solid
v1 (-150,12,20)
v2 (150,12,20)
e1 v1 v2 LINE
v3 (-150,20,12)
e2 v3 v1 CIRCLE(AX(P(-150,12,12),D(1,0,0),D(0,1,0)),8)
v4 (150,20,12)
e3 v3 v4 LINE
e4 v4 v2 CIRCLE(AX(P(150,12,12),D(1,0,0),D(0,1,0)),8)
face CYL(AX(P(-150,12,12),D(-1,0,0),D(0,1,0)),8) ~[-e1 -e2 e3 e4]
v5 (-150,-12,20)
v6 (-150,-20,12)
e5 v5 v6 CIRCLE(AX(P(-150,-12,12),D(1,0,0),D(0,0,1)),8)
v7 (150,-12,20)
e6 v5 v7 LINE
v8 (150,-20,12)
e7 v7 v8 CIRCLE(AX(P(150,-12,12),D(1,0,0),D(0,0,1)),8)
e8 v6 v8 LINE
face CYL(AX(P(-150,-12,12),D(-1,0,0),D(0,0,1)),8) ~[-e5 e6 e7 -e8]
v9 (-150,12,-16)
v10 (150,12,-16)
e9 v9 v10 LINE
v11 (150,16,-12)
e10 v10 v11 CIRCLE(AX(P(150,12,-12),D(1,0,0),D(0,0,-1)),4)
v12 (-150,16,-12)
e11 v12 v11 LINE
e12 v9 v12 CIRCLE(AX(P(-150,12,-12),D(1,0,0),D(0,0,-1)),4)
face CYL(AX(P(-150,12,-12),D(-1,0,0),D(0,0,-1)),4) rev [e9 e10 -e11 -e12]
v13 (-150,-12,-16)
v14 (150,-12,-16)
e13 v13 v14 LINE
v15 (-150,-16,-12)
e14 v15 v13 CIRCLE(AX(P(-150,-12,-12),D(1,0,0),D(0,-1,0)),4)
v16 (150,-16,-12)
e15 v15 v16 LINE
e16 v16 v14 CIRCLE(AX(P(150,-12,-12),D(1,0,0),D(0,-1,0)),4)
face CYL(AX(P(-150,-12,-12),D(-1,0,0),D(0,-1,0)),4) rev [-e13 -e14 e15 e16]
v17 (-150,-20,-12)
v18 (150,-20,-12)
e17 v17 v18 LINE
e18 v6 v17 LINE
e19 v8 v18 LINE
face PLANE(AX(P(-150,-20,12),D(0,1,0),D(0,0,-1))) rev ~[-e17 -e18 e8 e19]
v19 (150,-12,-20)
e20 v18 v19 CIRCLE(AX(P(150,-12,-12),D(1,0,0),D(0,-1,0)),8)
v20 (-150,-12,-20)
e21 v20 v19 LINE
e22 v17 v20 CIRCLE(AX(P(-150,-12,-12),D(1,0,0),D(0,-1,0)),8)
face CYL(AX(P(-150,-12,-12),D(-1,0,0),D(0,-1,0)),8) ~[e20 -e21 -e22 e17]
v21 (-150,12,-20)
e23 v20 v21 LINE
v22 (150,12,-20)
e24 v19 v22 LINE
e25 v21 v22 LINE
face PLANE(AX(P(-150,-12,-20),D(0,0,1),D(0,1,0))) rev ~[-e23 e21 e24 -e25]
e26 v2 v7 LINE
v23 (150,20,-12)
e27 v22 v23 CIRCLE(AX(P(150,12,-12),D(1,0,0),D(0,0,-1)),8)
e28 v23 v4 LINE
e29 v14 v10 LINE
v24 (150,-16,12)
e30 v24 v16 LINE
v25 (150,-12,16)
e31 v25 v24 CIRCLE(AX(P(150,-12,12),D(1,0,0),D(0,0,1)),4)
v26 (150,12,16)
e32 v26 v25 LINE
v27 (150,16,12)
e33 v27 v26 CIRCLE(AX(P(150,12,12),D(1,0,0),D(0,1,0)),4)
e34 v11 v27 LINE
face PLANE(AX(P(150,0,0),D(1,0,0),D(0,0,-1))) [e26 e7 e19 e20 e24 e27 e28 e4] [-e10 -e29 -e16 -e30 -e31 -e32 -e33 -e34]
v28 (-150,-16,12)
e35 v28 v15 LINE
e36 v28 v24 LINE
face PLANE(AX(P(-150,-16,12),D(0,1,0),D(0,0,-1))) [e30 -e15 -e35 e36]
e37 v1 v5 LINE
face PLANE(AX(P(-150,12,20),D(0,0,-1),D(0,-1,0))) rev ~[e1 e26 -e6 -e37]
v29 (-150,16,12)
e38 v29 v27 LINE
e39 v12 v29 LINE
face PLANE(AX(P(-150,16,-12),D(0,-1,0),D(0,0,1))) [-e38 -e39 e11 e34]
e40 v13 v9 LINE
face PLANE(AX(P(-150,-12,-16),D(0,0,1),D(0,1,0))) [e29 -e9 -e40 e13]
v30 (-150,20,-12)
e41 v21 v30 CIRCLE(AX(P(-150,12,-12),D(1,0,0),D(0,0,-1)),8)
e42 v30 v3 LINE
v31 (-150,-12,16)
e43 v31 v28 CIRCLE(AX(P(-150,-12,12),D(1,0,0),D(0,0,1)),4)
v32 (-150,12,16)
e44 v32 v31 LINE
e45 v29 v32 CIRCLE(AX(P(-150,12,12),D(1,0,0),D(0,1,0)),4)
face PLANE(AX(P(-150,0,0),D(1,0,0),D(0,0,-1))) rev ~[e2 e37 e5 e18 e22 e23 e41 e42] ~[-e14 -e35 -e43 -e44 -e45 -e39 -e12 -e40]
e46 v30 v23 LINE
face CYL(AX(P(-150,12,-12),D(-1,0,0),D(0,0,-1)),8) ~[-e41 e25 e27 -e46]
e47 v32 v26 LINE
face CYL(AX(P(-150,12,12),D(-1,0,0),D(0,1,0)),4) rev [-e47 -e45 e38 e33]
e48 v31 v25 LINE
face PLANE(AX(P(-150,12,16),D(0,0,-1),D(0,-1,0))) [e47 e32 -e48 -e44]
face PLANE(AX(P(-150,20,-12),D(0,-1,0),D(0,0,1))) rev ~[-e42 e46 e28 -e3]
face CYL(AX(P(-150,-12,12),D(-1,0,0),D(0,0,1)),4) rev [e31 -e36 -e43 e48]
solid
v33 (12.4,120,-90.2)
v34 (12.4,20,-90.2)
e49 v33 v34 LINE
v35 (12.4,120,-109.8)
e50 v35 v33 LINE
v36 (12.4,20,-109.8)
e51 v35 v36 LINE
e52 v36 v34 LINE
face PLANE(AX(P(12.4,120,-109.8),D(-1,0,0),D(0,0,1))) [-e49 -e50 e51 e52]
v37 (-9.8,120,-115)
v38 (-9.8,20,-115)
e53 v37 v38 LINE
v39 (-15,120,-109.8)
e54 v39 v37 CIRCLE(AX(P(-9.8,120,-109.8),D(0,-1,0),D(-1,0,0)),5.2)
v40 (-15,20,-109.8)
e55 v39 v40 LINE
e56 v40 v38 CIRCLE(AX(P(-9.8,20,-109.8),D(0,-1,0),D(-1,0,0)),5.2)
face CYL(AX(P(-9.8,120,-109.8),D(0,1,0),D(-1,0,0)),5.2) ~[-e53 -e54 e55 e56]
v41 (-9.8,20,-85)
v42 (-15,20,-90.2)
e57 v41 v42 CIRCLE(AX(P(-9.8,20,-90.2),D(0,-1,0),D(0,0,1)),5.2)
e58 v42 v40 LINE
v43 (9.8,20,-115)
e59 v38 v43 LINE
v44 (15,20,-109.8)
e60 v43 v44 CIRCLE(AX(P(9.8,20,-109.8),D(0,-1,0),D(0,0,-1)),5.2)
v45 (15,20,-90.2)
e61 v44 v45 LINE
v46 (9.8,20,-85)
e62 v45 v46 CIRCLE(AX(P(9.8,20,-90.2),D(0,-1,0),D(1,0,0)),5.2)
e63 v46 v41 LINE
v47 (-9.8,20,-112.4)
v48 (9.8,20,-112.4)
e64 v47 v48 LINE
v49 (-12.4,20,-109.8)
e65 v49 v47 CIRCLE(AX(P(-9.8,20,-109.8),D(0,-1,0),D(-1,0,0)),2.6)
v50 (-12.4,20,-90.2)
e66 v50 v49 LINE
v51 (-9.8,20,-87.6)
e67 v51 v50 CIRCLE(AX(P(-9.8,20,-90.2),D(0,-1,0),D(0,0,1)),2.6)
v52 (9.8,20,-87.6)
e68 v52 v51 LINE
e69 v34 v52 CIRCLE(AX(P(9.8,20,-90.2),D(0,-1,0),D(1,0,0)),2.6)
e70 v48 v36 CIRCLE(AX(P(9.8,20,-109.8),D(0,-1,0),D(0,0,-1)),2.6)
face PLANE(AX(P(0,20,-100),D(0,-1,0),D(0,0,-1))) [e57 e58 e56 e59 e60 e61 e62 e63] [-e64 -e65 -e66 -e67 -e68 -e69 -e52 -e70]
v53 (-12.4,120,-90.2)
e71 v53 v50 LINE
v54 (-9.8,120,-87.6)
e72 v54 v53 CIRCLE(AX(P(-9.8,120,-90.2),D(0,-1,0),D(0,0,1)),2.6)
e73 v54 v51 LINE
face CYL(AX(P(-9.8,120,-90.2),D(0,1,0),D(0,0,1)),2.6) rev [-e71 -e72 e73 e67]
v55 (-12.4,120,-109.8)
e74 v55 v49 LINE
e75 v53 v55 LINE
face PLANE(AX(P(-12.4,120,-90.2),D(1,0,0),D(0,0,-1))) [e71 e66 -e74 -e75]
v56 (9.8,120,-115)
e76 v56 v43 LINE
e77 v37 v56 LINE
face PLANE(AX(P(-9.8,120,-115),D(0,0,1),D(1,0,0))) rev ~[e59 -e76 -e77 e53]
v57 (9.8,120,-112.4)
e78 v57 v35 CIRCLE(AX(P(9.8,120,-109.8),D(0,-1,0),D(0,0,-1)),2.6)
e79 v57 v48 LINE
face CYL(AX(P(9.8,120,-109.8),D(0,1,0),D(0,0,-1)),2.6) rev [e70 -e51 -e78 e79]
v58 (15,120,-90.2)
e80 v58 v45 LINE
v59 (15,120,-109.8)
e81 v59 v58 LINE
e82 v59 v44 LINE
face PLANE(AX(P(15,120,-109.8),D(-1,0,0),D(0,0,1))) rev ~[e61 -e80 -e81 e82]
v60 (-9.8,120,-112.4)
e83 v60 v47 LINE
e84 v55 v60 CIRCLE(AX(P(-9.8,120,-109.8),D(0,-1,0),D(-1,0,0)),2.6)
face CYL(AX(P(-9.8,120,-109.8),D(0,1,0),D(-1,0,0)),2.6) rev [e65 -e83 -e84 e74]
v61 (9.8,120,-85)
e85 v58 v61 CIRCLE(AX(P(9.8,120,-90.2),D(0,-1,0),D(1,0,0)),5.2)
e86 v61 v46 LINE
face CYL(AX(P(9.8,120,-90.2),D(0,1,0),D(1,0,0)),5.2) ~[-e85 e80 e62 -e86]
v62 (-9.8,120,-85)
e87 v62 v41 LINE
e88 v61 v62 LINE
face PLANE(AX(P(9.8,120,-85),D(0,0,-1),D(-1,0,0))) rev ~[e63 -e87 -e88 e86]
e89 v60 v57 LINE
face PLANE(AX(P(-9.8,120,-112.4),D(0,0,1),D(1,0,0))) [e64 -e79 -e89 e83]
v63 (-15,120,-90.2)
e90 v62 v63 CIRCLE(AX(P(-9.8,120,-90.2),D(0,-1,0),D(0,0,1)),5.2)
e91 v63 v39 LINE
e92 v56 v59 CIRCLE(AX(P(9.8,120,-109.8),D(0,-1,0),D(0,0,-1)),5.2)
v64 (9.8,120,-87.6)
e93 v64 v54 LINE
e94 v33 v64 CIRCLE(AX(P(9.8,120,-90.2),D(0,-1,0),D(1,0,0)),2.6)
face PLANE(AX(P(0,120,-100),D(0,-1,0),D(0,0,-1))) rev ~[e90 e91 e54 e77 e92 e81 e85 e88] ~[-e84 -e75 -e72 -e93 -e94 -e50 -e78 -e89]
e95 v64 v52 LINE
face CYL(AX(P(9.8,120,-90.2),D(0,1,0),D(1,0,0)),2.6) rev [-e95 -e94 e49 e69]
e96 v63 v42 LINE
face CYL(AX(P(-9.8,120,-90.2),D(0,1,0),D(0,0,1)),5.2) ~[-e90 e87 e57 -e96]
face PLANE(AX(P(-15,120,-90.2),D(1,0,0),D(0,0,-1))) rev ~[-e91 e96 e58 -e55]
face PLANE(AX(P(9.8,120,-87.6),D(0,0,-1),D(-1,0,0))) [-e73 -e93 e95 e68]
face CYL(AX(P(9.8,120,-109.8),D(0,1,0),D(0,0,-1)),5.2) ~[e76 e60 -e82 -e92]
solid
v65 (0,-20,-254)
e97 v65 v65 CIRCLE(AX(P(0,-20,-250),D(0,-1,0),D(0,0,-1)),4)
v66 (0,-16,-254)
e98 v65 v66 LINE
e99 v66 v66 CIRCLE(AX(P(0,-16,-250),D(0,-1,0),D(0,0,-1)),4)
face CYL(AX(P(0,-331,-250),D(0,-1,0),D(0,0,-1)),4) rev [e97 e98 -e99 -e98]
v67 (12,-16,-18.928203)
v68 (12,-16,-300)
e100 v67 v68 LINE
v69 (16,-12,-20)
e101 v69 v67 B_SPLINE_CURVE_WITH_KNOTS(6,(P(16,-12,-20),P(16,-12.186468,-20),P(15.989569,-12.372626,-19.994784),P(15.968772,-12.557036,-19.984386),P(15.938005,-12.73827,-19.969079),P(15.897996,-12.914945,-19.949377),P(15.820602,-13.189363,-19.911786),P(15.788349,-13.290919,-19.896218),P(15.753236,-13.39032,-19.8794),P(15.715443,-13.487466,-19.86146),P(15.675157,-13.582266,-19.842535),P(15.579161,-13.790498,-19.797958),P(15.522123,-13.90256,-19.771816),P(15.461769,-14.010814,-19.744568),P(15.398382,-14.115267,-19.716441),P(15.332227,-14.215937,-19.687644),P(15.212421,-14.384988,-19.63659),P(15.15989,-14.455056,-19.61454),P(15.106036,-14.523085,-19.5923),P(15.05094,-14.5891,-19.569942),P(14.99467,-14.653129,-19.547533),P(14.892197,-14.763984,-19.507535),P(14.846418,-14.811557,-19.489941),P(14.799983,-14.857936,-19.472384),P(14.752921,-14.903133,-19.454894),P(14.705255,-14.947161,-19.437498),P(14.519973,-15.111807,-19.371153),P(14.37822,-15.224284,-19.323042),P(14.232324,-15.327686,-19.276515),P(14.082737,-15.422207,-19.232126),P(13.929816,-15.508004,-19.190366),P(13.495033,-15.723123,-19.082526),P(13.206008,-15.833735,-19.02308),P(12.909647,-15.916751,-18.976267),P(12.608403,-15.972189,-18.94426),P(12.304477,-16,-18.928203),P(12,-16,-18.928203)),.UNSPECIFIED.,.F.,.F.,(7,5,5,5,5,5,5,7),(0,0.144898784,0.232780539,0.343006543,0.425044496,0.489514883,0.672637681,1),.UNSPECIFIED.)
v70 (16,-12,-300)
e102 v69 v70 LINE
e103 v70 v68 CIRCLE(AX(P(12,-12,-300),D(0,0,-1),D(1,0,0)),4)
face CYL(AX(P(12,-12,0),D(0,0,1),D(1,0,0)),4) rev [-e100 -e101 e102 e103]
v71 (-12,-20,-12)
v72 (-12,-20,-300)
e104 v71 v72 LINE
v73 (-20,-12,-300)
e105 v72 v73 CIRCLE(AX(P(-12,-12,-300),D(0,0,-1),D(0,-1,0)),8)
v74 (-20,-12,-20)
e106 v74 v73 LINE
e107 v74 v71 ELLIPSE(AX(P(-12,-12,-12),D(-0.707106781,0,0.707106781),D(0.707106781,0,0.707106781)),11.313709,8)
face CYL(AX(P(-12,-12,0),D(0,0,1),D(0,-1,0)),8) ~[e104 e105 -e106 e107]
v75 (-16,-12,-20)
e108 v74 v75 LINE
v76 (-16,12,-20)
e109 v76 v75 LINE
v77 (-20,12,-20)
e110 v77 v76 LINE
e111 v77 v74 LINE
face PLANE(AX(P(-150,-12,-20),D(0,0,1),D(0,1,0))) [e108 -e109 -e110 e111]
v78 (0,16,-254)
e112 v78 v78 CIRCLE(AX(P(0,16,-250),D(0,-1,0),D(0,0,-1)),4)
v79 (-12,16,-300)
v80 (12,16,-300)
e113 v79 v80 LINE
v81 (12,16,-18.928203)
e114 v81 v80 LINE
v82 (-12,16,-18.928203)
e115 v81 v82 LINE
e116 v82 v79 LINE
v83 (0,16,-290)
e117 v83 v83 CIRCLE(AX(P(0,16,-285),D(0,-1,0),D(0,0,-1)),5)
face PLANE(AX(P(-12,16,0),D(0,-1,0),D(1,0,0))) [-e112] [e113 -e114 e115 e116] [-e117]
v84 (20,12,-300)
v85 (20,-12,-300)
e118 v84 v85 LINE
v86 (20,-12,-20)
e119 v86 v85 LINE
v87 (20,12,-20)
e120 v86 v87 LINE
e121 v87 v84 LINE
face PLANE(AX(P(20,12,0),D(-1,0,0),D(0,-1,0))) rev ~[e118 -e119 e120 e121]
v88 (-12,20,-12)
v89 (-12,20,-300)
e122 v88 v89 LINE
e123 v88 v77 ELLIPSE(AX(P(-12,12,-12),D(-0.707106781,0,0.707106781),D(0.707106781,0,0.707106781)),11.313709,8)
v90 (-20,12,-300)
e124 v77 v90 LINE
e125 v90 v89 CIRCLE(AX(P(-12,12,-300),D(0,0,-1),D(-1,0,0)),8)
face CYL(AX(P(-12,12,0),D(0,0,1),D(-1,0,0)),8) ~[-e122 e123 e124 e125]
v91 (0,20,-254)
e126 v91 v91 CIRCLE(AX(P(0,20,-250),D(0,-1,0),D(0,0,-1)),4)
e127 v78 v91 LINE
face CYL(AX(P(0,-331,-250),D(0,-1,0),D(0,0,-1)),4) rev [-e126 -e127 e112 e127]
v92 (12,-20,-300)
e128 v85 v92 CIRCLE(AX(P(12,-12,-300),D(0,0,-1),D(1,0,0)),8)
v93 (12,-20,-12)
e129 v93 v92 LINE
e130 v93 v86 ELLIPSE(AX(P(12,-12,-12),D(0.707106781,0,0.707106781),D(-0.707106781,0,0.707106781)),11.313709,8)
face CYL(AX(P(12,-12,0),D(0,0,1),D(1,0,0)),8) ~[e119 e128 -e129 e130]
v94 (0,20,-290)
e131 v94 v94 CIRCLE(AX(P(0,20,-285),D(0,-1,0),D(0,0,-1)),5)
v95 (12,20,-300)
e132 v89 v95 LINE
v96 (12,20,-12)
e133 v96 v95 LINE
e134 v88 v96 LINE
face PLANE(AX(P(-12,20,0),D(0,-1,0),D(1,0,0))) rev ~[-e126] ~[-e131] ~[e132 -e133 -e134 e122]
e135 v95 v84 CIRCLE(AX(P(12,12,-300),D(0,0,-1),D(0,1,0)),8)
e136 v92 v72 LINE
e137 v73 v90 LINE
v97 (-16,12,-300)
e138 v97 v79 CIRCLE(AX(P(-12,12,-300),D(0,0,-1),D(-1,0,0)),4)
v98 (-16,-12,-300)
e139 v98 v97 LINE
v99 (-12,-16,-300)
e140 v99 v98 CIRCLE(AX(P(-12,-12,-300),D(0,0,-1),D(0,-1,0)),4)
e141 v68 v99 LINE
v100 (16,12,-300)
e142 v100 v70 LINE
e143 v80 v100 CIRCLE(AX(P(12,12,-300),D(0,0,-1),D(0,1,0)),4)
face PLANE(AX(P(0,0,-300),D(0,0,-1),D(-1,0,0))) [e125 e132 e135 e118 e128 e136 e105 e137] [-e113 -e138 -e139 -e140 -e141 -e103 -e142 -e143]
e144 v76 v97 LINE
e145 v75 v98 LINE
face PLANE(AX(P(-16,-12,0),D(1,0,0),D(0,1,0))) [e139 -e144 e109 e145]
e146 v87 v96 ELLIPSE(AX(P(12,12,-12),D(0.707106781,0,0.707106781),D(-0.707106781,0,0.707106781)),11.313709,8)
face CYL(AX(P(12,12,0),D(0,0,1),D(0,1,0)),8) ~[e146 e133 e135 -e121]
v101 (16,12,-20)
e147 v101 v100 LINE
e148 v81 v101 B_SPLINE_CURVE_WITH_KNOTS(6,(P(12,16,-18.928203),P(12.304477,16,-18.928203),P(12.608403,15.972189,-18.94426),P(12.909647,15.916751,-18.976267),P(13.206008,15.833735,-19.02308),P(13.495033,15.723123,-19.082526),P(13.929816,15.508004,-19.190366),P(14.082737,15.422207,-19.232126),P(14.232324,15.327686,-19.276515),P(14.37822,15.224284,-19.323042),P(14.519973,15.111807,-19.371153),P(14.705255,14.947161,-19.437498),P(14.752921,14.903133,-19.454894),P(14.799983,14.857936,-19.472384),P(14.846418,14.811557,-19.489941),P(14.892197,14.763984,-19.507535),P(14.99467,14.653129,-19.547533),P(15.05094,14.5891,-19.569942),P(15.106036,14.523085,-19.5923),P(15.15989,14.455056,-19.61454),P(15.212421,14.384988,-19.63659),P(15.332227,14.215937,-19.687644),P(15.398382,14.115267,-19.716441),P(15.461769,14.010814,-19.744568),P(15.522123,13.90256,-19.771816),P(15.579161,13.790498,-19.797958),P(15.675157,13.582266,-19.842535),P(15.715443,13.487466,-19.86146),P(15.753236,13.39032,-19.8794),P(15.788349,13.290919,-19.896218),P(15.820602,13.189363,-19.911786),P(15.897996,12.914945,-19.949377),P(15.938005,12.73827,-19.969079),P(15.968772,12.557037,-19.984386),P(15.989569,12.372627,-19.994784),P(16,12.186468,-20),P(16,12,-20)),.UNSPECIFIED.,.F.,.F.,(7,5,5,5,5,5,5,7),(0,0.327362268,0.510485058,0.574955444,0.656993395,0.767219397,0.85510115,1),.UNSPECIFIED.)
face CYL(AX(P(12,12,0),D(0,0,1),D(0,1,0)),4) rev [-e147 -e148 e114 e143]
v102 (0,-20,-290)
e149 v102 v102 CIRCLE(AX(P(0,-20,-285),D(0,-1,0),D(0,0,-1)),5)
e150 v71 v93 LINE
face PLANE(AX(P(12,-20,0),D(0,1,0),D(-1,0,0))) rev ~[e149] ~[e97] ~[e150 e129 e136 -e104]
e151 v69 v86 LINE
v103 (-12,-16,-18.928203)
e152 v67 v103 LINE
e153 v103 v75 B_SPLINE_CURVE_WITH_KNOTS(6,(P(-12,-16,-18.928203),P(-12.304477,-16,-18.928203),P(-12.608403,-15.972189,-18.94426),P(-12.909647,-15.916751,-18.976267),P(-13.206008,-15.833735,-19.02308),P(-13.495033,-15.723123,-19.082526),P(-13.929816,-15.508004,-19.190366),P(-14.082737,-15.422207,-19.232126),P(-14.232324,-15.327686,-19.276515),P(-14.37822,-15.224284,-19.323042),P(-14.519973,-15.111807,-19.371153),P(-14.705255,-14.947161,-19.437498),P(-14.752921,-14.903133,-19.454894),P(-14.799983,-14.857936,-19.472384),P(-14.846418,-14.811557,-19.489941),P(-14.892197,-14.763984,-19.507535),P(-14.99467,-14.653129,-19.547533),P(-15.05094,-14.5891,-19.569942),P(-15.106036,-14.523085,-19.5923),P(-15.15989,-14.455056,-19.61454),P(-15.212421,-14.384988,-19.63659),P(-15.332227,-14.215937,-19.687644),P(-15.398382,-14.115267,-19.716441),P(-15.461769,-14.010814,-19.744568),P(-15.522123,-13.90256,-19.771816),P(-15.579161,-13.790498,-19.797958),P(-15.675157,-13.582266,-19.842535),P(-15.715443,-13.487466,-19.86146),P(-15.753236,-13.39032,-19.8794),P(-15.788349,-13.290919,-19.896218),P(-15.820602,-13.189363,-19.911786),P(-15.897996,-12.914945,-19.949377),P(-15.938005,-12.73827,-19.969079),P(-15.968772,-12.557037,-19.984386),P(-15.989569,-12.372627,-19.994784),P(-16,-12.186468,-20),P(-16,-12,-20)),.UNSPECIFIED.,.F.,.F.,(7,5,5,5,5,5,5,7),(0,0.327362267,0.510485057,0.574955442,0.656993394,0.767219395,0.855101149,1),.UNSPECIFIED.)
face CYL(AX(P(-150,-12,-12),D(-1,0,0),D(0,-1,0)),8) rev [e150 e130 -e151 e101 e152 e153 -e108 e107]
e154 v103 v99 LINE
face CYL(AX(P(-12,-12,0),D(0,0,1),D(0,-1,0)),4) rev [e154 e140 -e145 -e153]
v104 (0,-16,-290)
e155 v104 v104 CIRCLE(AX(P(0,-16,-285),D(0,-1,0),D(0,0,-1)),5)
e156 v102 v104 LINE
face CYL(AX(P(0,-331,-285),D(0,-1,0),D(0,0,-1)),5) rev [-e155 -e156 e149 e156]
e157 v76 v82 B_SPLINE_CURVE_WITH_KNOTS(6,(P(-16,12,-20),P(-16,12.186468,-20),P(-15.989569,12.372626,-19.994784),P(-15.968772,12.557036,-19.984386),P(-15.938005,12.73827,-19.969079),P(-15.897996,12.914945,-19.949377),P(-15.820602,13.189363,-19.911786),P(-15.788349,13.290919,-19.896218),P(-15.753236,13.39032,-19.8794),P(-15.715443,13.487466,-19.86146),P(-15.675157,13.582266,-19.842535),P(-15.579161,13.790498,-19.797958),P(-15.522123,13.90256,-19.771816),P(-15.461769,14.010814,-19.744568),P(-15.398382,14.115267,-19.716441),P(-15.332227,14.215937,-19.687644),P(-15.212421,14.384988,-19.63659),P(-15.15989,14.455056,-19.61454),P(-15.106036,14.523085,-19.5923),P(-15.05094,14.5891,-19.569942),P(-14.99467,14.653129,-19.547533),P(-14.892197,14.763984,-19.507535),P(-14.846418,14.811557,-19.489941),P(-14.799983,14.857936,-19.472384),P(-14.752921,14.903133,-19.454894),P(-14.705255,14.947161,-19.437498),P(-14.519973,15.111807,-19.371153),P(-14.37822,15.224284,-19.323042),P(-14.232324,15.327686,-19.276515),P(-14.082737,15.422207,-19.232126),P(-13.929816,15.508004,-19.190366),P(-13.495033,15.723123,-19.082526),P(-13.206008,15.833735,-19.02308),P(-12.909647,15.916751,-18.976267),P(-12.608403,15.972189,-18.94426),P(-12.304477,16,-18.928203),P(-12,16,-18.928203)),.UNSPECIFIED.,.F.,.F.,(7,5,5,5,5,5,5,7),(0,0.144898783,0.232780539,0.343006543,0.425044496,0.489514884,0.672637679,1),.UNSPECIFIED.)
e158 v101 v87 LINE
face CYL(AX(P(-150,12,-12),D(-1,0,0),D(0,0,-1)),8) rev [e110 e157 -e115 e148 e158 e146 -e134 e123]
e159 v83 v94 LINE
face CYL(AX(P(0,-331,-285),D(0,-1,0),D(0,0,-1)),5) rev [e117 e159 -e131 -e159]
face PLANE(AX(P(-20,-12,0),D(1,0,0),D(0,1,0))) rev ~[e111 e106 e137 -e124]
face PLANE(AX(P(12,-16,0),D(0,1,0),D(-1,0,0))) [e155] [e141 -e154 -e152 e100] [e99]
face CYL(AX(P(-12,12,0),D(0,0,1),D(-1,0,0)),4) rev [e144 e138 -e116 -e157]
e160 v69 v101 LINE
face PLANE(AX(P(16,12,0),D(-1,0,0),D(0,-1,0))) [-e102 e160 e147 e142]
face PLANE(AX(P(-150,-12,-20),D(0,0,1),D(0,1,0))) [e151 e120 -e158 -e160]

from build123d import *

# Parameters (mm, degrees)
SQUARE_TUBE_CONFIGURED_40_X_40_X_4_1_DEPTH   = 300
SQUARE_TUBE_CONFIGURED_40_X_40_X_4_2_DEPTH   = 300
SQUARE_TUBE_CONFIGURED_30_X_30_X_2_6_1_DEPTH = 100
CORTE_EXTRUS_O1_DEPTH                        = 351.000000086
CORTE_EXTRUS_O1_DEPTH_BACK                   = 351.000000086
ESBO_O8_R                                    = 5
ESBO_O8_R_2                                  = 4


with BuildPart() as part:
    # Sketch11 → Square tube - configured 40 X 40 X 4(1) (new body)
    with BuildSketch(Plane(origin=(-150, 0, 0), x_dir=(0, 0, -1), z_dir=(1, 0, 0))):
        with BuildLine():
            Line((-12, -20), (12, -20))
            ThreePointArc((12, -20), (17.656854249, -17.656854249), (20, -12))
            Line((20, -12), (20, 12))
            ThreePointArc((20, 12), (17.656854249, 17.656854249), (12, 20))
            Line((12, 20), (-12, 20))
            ThreePointArc((-12, 20), (-17.656854249, 17.656854249), (-20, 12))
            Line((-20, 12), (-20, -12))
            ThreePointArc((-20, -12), (-17.656854249, -17.656854249), (-12, -20))
        make_face()
        with BuildLine():
            Line((-12, -16), (12, -16))
            ThreePointArc((12, -16), (14.828427125, -14.828427125), (16, -12))
            Line((16, -12), (16, 12))
            ThreePointArc((16, 12), (14.828427125, 14.828427125), (12, 16))
            Line((12, 16), (-12, 16))
            ThreePointArc((-12, 16), (-14.828427125, 14.828427125), (-16, 12))
            Line((-16, 12), (-16, -12))
            ThreePointArc((-16, -12), (-14.828427125, -14.828427125), (-12, -16))
        make_face(mode=Mode.SUBTRACT)
    extrude(amount=SQUARE_TUBE_CONFIGURED_40_X_40_X_4_1_DEPTH)


with BuildPart() as body_2:
    # Sketch1 → Square tube - configured 40 X 40 X 4(2) (new body)
    with BuildSketch(Plane(origin=(0, 0, 0), x_dir=(-1, 0, 0), z_dir=(0, 0, -1))):
        with BuildLine():
            Line((-12, -20), (12, -20))
            ThreePointArc((12, -20), (17.656854249, -17.656854249), (20, -12))
            Line((20, -12), (20, 12))
            ThreePointArc((20, 12), (17.656854249, 17.656854249), (12, 20))
            Line((12, 20), (-12, 20))
            ThreePointArc((-12, 20), (-17.656854249, 17.656854249), (-20, 12))
            Line((-20, 12), (-20, -12))
            ThreePointArc((-20, -12), (-17.656854249, -17.656854249), (-12, -20))
        make_face()
        with BuildLine():
            Line((-12, -16), (12, -16))
            ThreePointArc((12, -16), (14.828427125, -14.828427125), (16, -12))
            Line((16, -12), (16, 12))
            ThreePointArc((16, 12), (14.828427125, 14.828427125), (12, 16))
            Line((12, 16), (-12, 16))
            ThreePointArc((-12, 16), (-14.828427125, 14.828427125), (-16, 12))
            Line((-16, 12), (-16, -12))
            ThreePointArc((-16, -12), (-14.828427125, -14.828427125), (-12, -16))
        make_face(mode=Mode.SUBTRACT)
    extrude(amount=SQUARE_TUBE_CONFIGURED_40_X_40_X_4_2_DEPTH)

    # Aparar_Estender1 45: cut part
    add(part.part, mode=Mode.SUBTRACT)


with BuildPart() as body_3:
    # of the pieces the cut leaves, the one that is kept (aparar_estender1_keep_1)
    add(body_2.part.solids().sort_by_distance((-12, -20, -12))[0])

    # Esboço8 → Corte-extrusão1 (cut, two sides: drawn at the far end of the back side and taken through both)
    with BuildSketch(Plane(origin=(0, 20, 0), x_dir=(1, 0, 0), z_dir=(0, 1, 0)).offset(-CORTE_EXTRUS_O1_DEPTH_BACK)):
        with Locations(Location((0, 285, 0), (0, 0, 90))):
            Circle(ESBO_O8_R)
        with Locations(Location((0, 250, 0), (0, 0, 90))):
            Circle(ESBO_O8_R_2)
    extrude(amount=CORTE_EXTRUS_O1_DEPTH + CORTE_EXTRUS_O1_DEPTH_BACK, mode=Mode.SUBTRACT)


with BuildPart() as body_3_2:
    # Sketch13 → Square tube - configured 30 X 30 X 2.6(1) (new body)
    with BuildSketch(Plane(origin=(0, 120, -100), x_dir=(0, 0, -1), z_dir=(0, -1, 0))):
        with BuildLine():
            Line((-9.8, -15), (9.8, -15))
            ThreePointArc((9.8, -15), (13.476955262, -13.476955262), (15, -9.8))
            Line((15, -9.8), (15, 9.8))
            ThreePointArc((15, 9.8), (13.476955262, 13.476955262), (9.8, 15))
            Line((9.8, 15), (-9.8, 15))
            ThreePointArc((-9.8, 15), (-13.476955262, 13.476955262), (-15, 9.8))
            Line((-15, 9.8), (-15, -9.8))
            ThreePointArc((-15, -9.8), (-13.476955262, -13.476955262), (-9.8, -15))
        make_face()
        with BuildLine():
            Line((-9.8, -12.4), (9.8, -12.4))
            ThreePointArc((9.8, -12.4), (11.638477631, -11.638477631), (12.4, -9.8))
            Line((12.4, -9.8), (12.4, 9.8))
            ThreePointArc((12.4, 9.8), (11.638477631, 11.638477631), (9.8, 12.4))
            Line((9.8, 12.4), (-9.8, 12.4))
            ThreePointArc((-9.8, 12.4), (-11.638477631, 11.638477631), (-12.4, 9.8))
            Line((-12.4, 9.8), (-12.4, -9.8))
            ThreePointArc((-12.4, -9.8), (-11.638477631, -11.638477631), (-9.8, -12.4))
        make_face(mode=Mode.SUBTRACT)
    extrude(amount=SQUARE_TUBE_CONFIGURED_30_X_30_X_2_6_1_DEPTH)


solid = Compound([part.part, body_3.part, body_3_2.part])
